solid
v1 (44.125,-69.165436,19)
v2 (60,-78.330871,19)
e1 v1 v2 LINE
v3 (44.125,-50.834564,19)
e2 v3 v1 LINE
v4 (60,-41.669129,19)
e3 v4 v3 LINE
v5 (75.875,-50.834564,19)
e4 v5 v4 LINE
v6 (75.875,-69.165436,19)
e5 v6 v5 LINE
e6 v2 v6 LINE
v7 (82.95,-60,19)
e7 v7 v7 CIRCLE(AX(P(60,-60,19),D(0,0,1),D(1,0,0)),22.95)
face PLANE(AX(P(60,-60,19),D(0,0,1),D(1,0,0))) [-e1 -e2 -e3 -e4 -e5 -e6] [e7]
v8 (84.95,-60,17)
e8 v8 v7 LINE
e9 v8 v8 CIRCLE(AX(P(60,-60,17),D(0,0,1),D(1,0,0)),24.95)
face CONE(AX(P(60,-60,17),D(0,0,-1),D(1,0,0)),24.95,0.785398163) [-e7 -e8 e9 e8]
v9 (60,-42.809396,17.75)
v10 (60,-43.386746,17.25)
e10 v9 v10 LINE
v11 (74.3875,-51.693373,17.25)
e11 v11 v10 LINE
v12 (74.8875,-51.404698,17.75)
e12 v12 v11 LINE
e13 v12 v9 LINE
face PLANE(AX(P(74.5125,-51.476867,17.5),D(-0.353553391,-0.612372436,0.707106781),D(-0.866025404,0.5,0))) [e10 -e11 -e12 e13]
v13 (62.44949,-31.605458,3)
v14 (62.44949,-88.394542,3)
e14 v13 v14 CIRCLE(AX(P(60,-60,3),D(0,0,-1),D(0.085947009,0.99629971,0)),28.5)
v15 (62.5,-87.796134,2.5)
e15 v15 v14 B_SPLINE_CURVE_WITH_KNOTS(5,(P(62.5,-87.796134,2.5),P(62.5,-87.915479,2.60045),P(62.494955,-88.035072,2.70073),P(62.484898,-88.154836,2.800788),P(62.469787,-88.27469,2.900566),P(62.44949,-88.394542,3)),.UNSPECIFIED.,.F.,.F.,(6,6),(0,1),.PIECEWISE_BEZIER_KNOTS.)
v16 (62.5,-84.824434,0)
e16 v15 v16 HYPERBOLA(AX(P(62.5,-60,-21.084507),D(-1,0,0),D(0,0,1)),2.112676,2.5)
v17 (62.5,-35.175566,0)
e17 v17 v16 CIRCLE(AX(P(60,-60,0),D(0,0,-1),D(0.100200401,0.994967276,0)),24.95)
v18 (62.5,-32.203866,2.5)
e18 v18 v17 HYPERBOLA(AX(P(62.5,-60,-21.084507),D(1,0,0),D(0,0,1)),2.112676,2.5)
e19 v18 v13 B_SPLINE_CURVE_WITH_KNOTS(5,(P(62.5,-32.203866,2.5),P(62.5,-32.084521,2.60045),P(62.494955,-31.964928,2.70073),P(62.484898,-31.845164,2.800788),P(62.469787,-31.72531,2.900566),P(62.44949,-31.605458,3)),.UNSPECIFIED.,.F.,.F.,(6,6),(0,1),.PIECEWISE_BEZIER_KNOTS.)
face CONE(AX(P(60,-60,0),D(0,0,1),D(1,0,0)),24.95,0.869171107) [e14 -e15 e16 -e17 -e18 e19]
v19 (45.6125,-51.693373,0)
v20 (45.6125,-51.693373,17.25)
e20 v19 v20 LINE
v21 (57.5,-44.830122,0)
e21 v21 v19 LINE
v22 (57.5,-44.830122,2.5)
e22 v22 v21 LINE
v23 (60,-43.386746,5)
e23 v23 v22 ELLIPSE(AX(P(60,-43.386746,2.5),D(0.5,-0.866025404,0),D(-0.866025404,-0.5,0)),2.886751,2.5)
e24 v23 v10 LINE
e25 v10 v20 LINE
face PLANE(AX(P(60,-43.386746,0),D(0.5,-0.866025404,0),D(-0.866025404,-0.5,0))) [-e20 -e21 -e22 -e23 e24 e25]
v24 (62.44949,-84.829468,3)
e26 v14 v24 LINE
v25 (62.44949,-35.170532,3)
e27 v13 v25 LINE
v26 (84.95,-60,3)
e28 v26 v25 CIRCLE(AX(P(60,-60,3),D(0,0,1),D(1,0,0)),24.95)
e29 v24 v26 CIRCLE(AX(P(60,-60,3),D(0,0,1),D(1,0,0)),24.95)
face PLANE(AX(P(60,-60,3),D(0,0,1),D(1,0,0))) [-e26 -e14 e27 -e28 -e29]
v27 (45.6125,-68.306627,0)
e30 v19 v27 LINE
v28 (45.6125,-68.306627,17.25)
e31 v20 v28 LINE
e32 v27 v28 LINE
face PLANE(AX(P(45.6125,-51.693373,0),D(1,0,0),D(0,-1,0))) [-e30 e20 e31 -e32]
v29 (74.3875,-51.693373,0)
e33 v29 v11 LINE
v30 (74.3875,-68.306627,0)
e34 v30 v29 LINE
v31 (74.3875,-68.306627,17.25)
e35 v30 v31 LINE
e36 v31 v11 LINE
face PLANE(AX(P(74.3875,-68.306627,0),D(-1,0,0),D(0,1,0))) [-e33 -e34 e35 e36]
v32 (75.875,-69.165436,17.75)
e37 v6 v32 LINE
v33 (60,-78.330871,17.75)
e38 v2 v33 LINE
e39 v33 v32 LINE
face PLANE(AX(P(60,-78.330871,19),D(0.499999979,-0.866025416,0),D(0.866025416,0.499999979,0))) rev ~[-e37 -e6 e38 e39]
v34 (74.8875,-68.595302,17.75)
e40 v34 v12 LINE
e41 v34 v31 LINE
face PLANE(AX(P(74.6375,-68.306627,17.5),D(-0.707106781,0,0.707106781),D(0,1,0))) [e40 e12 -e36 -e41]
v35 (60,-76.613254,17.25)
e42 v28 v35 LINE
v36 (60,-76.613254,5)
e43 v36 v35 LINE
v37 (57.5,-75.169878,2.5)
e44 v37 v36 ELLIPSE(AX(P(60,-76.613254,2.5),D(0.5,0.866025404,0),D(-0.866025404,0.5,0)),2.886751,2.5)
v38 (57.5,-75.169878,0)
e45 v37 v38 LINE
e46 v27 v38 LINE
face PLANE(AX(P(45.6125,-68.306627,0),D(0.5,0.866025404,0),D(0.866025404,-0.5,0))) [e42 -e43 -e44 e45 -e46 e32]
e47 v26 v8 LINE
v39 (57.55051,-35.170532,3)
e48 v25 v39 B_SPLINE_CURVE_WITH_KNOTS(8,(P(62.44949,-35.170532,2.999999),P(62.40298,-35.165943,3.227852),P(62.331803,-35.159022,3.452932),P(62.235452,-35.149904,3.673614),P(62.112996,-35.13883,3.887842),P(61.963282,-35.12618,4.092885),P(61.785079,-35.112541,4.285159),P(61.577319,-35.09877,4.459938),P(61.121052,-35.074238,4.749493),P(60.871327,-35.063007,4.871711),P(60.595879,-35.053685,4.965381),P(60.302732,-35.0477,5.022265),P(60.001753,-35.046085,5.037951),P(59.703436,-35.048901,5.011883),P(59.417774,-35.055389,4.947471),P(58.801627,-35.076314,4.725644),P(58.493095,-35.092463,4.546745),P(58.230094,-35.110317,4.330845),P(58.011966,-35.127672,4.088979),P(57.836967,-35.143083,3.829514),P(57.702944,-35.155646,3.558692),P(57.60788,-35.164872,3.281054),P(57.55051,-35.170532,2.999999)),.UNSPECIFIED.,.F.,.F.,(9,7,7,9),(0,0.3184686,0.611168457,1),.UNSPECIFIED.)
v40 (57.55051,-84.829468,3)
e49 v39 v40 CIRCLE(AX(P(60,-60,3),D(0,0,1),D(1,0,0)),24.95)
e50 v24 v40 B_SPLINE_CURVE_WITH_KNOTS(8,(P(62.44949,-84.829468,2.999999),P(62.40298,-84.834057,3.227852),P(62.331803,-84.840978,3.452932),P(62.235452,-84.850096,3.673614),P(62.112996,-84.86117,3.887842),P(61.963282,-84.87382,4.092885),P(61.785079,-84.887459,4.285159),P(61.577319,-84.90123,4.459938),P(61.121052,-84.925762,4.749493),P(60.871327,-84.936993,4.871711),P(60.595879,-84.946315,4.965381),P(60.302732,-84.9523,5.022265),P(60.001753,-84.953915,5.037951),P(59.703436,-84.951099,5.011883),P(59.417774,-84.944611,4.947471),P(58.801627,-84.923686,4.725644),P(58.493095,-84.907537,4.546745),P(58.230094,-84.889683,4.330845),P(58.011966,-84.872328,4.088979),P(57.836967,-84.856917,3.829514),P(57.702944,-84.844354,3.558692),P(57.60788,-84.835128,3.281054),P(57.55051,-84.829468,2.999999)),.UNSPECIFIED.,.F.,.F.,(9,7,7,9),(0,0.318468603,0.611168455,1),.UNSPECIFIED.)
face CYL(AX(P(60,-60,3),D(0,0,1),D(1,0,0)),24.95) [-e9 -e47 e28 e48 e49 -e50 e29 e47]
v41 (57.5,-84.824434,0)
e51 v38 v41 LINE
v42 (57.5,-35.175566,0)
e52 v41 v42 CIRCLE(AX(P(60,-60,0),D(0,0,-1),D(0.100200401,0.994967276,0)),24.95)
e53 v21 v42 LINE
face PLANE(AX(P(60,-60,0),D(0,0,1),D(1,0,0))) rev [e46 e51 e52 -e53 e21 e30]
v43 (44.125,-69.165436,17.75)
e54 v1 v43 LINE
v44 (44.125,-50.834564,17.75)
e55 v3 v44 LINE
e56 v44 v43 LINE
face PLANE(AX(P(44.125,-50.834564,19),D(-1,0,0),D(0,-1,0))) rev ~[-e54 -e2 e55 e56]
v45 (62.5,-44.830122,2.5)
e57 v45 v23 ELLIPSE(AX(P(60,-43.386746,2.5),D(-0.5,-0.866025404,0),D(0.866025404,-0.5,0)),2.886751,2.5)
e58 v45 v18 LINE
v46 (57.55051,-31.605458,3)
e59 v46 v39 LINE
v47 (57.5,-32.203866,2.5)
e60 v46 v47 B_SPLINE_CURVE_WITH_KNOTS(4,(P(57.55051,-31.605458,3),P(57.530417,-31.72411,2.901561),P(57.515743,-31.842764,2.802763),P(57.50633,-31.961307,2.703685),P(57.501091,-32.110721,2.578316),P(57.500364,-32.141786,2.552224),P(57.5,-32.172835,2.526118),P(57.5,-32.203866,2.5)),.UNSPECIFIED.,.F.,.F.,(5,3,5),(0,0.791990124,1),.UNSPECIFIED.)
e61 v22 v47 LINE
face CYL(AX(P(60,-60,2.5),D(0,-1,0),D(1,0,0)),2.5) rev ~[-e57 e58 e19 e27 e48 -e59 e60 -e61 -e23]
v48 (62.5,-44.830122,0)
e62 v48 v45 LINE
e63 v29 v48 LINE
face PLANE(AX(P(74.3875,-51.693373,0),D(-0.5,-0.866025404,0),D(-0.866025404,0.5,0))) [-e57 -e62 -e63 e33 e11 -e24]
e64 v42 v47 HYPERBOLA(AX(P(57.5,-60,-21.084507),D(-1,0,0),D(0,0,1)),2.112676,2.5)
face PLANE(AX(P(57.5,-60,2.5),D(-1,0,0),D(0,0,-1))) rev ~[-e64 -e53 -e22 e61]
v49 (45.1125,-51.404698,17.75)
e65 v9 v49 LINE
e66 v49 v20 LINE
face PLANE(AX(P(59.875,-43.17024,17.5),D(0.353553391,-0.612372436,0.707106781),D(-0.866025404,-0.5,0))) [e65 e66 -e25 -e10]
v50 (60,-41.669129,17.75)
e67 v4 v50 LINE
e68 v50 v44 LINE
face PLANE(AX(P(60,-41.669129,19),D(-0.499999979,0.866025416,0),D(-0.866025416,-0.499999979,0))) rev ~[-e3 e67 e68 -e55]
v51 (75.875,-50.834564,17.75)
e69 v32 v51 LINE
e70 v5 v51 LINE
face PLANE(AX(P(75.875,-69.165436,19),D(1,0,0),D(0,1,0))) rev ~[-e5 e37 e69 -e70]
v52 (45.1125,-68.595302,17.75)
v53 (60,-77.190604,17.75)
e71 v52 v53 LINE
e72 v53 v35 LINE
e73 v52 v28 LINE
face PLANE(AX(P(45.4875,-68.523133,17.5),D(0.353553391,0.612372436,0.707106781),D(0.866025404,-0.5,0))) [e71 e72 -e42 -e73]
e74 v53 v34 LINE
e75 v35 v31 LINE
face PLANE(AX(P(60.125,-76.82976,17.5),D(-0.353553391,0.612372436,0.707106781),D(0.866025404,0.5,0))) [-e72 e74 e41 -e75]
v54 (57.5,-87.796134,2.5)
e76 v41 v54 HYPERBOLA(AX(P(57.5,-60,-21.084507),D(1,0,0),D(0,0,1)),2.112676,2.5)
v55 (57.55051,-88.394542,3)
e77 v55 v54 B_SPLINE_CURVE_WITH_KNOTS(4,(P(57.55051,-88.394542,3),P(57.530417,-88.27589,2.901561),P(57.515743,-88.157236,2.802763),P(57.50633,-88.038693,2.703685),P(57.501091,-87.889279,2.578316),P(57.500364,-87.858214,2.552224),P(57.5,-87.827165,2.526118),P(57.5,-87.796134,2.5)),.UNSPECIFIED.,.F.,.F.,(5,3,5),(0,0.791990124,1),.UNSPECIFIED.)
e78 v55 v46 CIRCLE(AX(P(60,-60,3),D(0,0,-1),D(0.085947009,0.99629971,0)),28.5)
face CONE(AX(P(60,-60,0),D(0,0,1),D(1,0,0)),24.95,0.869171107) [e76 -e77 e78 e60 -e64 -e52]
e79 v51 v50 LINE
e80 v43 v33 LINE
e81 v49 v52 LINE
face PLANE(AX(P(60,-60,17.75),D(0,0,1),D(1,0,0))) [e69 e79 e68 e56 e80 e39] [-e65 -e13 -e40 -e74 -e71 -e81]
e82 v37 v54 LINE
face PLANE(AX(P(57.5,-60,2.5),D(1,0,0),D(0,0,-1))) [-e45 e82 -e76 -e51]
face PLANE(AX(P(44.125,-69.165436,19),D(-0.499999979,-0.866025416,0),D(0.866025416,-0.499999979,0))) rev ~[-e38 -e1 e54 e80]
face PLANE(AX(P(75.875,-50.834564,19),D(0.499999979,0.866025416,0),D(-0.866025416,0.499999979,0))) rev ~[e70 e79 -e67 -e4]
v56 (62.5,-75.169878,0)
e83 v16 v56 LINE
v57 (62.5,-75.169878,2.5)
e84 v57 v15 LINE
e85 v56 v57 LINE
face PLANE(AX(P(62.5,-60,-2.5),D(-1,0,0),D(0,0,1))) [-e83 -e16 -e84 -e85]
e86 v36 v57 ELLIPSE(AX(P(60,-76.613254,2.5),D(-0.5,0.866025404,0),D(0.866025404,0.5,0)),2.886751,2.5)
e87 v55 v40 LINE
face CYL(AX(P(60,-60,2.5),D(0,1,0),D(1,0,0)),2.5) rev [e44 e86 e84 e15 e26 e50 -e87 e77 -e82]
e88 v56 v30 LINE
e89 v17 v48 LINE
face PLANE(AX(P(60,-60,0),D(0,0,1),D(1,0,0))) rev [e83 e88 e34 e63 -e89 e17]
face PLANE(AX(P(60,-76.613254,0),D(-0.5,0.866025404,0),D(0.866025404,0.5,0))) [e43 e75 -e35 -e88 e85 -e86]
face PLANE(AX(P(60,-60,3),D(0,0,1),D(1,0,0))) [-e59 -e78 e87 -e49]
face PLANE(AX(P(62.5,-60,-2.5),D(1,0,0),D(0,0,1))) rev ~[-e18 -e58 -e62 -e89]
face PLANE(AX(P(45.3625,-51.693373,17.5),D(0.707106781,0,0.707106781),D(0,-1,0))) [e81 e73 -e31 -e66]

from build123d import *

# Parameters (mm, degrees)
POCKET025_DEPTH      = 19.001
POCKET026_DEPTH      = 1.25
CHAMFER002_SIZE      = 2
CHAMFER003_SIZE      = 0.5
POCKET027_DEPTH      = 28.501
POCKET027_DEPTH_BACK = 28.501


with BuildPart() as part:
    # Sketch035 (on XZ_Plane051 of Origin104) → Revolution011 (revolve)
    with BuildSketch(Plane.XZ):
        Polygon((0, 0), (24.95, 0), (28.5, 3), (24.95, 3), (24.95, 19), (0, 19), align=None)
    revolve(axis=Axis((0, 0, 0), (0, 0, 1)))

    # Sketch036 (on XY_Plane051 of Origin104) → Pocket025 (cut, through all)
    with BuildSketch(Plane.XY):
        Polygon((14.3875, 8.306627), (0, 16.613254), (-14.3875, 8.306627), (-14.3875, -8.306627), (0, -16.613254), (14.3875, -8.306627), align=None)
    extrude(amount=POCKET025_DEPTH, mode=Mode.SUBTRACT)

    # Sketch037 (on XY_Plane051 of Origin104) → Pocket026 (cut)
    with BuildSketch(Plane.XY.offset(19)):
        Polygon((15.875, -9.165436), (15.875, 9.165436), (0, 18.330871), (-15.875, 9.165436), (-15.875, -9.165436), (0, -18.330871), align=None)
    extrude(amount=-POCKET026_DEPTH, mode=Mode.SUBTRACT)

    # Chamfer002
    chamfer002_edges = [part.edges().sort_by_distance(p)[0] for p in [
        (-24.95, 0, 19),
    ]]
    chamfer(chamfer002_edges, length=CHAMFER002_SIZE)

    # Chamfer003
    chamfer003_edges = [part.edges().sort_by_distance(p)[0] for p in [
        (-14.3875, 0, 17.75),
        (-7.19375, 12.45994, 17.75),
        (7.19375, 12.45994, 17.75),
        (14.3875, 0, 17.75),
        (7.19375, -12.45994, 17.75),
        (-7.19375, -12.45994, 17.75),
    ]]
    chamfer(chamfer003_edges, length=CHAMFER003_SIZE)

    # Sketch038 (on XZ_Plane052 of Origin104) → Pocket027 (cut, two sides)
    with BuildSketch(Plane.XZ) as pocket027_sk:
        with BuildLine():
            ThreePointArc((2.5, 2.5), (0, 5), (-2.5, 2.5))
            Line((-2.5, 2.5), (-2.5, -2.5))
            Line((-2.5, -2.5), (2.5, -2.5))
            Line((2.5, -2.5), (2.5, 2.5))
        make_face()
    extrude(amount=-POCKET027_DEPTH, mode=Mode.SUBTRACT)
    extrude(pocket027_sk.sketch, amount=POCKET027_DEPTH_BACK, mode=Mode.SUBTRACT)


with BuildPart() as part_1:
    # Body056 placement: moved
    add(part.part.moved(Location((60, -60, 0))))


solid = part_1.part
